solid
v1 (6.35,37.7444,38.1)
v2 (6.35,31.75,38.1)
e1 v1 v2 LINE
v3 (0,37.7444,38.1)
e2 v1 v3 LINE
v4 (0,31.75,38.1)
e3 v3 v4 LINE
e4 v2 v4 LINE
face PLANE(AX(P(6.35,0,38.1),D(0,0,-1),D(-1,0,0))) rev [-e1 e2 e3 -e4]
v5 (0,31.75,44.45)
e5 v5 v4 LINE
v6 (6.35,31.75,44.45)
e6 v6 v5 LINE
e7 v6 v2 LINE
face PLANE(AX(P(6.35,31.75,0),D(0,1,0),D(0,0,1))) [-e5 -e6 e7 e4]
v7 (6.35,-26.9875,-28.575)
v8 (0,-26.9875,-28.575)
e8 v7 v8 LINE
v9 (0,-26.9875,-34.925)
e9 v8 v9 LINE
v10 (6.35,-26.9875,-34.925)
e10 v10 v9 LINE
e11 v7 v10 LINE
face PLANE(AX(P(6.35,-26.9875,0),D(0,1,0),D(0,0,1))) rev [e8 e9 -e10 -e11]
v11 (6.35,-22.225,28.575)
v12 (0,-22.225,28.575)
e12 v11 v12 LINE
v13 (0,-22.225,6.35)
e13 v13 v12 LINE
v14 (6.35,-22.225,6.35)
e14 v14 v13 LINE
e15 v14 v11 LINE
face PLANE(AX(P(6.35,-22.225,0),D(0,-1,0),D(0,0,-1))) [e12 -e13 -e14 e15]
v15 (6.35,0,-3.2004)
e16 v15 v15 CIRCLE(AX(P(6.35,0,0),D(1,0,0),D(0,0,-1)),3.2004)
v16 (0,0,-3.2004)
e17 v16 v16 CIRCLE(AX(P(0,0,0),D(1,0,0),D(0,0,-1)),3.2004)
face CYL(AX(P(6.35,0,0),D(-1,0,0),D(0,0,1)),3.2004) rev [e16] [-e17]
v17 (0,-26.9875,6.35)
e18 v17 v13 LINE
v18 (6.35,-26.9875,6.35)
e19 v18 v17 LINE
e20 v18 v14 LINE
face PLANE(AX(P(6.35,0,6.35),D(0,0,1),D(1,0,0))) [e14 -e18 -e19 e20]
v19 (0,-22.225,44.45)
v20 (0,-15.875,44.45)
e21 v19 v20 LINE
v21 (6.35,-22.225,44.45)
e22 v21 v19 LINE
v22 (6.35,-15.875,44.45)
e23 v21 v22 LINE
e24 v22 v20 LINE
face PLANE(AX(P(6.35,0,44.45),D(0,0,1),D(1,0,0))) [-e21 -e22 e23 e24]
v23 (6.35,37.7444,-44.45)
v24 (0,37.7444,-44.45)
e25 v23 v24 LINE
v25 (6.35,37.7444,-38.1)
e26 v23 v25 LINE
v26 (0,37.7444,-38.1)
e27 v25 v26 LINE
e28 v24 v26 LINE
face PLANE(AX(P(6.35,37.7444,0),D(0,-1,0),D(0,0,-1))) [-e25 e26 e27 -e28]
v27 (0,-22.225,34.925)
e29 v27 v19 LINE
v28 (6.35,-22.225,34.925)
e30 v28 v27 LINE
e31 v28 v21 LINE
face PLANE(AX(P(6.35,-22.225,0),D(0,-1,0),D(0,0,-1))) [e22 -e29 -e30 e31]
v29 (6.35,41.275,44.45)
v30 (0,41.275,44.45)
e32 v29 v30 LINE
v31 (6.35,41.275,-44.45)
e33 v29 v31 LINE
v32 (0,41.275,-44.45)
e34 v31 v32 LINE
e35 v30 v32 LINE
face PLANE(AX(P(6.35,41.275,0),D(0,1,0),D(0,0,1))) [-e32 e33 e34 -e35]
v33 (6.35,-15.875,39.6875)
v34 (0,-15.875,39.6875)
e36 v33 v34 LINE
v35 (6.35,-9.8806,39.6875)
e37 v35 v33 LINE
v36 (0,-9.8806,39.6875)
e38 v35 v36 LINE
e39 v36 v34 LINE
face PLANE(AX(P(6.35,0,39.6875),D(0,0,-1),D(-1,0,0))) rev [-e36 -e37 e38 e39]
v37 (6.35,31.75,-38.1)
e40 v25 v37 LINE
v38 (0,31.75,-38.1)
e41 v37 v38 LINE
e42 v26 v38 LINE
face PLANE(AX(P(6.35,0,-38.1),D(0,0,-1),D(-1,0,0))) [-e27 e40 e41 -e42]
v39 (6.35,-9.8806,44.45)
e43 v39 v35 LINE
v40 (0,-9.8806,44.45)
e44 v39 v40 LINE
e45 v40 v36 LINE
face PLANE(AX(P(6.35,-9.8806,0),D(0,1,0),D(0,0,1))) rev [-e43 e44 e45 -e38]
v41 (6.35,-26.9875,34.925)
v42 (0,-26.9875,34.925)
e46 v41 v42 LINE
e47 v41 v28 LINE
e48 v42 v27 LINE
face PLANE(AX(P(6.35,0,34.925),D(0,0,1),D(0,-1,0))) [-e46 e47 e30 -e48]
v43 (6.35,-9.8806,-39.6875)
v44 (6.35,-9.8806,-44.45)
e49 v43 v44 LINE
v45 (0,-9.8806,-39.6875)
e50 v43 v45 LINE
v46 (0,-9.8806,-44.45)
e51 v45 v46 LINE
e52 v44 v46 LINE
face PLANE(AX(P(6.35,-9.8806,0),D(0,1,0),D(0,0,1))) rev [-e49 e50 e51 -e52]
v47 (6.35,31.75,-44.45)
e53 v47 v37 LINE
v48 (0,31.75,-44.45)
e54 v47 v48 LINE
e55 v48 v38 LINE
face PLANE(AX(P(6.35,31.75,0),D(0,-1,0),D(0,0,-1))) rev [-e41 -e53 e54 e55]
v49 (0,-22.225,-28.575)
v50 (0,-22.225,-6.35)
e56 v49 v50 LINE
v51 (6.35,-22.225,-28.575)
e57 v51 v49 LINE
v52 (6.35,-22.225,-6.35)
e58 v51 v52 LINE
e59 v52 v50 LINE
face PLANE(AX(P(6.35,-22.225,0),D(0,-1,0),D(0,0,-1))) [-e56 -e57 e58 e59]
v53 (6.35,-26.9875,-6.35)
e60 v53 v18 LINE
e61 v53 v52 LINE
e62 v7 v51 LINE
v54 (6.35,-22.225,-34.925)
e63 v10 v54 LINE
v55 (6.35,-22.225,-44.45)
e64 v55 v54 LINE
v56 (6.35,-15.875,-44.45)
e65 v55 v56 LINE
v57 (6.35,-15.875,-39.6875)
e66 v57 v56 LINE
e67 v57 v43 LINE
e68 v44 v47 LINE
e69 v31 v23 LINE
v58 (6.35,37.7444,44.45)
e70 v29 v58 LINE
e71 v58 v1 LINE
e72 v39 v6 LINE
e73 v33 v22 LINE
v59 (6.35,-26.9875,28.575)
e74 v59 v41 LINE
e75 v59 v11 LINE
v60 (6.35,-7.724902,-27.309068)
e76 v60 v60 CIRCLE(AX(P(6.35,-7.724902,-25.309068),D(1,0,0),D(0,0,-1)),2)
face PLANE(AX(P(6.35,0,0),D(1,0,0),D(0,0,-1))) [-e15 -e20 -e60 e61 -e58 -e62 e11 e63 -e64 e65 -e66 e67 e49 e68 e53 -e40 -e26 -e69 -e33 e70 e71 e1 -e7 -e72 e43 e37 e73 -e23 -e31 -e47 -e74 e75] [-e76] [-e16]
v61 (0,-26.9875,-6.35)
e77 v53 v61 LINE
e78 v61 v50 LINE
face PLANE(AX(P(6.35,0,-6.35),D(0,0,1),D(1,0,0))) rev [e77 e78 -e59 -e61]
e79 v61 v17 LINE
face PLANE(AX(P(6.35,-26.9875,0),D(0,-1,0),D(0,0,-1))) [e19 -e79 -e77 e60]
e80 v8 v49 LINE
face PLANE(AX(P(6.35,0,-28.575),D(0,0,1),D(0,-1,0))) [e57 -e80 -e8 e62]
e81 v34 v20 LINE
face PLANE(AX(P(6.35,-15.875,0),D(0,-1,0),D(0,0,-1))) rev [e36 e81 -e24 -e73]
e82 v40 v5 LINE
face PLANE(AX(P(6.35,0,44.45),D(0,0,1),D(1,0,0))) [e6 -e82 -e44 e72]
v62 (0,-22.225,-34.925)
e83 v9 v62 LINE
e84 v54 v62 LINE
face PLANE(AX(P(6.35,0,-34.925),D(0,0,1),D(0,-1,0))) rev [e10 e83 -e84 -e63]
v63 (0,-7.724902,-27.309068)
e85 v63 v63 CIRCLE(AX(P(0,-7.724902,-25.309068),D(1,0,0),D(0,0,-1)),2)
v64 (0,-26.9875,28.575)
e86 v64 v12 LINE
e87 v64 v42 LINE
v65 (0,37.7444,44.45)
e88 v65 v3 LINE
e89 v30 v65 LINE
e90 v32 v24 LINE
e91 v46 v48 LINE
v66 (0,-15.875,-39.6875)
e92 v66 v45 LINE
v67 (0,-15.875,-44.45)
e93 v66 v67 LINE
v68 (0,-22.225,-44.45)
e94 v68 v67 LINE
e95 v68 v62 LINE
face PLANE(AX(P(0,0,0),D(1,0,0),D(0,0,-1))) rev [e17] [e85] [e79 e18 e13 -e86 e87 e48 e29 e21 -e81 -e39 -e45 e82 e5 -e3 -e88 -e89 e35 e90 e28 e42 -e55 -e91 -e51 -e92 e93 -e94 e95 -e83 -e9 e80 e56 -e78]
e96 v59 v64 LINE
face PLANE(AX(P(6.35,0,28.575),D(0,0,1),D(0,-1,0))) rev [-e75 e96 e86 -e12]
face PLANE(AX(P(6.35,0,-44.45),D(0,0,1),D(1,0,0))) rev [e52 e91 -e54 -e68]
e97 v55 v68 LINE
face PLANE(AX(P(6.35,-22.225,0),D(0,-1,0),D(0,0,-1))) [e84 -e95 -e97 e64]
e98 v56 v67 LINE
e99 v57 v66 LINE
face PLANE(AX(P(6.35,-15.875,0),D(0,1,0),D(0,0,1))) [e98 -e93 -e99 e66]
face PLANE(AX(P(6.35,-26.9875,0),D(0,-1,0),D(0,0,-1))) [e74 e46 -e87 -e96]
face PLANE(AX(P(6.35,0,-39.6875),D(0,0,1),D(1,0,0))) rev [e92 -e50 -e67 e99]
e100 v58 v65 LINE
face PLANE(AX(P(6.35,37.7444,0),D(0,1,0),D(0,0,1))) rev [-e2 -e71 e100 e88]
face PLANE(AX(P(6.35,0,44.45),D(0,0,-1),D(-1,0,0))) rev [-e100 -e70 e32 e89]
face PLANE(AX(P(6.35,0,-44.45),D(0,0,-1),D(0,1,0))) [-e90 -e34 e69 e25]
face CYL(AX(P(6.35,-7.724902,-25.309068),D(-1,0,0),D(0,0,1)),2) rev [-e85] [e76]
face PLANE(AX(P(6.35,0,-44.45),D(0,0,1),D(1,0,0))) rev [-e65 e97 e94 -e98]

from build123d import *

# Parameters (mm, degrees)
SKETCH1_R           = 2
SKETCH1_R_2         = 3.2004
BOSS_EXTRUDE1_DEPTH = 6.35


with BuildPart() as part:
    # Sketch1 → Boss-Extrude1 (new body)
    with BuildSketch(Plane(origin=(0, 0, 0), x_dir=(0, 0, -1), z_dir=(1, 0, 0))):
        Polygon((28.575, -22.225), (28.575, -26.9875), (34.925, -26.9875), (34.925, -22.225), (44.45, -22.225), (44.45, -15.875), (39.6875, -15.875), (39.6875, -9.8806), (44.45, -9.8806), (44.45, 31.75), (38.1, 31.75), (38.1, 37.7444), (44.45, 37.7444), (44.45, 41.275), (-44.45, 41.275), (-44.45, 37.7444), (-38.1, 37.7444), (-38.1, 31.75), (-44.45, 31.75), (-44.45, 22.225), (-44.45, -9.8806), (-39.6875, -9.8806), (-39.6875, -15.875), (-44.45, -15.875), (-44.45, -22.225), (-34.925, -22.225), (-34.925, -26.9875), (-28.575, -26.9875), (-28.575, -22.225), (-6.35, -22.225), (-6.35, -26.9875), (6.35, -26.9875), (6.35, -22.225), align=None)
        with Locations((25.309068, -7.724902)):
            Circle(SKETCH1_R, mode=Mode.SUBTRACT)
        Circle(SKETCH1_R_2, mode=Mode.SUBTRACT)
    extrude(amount=BOSS_EXTRUDE1_DEPTH)


solid = part.part
